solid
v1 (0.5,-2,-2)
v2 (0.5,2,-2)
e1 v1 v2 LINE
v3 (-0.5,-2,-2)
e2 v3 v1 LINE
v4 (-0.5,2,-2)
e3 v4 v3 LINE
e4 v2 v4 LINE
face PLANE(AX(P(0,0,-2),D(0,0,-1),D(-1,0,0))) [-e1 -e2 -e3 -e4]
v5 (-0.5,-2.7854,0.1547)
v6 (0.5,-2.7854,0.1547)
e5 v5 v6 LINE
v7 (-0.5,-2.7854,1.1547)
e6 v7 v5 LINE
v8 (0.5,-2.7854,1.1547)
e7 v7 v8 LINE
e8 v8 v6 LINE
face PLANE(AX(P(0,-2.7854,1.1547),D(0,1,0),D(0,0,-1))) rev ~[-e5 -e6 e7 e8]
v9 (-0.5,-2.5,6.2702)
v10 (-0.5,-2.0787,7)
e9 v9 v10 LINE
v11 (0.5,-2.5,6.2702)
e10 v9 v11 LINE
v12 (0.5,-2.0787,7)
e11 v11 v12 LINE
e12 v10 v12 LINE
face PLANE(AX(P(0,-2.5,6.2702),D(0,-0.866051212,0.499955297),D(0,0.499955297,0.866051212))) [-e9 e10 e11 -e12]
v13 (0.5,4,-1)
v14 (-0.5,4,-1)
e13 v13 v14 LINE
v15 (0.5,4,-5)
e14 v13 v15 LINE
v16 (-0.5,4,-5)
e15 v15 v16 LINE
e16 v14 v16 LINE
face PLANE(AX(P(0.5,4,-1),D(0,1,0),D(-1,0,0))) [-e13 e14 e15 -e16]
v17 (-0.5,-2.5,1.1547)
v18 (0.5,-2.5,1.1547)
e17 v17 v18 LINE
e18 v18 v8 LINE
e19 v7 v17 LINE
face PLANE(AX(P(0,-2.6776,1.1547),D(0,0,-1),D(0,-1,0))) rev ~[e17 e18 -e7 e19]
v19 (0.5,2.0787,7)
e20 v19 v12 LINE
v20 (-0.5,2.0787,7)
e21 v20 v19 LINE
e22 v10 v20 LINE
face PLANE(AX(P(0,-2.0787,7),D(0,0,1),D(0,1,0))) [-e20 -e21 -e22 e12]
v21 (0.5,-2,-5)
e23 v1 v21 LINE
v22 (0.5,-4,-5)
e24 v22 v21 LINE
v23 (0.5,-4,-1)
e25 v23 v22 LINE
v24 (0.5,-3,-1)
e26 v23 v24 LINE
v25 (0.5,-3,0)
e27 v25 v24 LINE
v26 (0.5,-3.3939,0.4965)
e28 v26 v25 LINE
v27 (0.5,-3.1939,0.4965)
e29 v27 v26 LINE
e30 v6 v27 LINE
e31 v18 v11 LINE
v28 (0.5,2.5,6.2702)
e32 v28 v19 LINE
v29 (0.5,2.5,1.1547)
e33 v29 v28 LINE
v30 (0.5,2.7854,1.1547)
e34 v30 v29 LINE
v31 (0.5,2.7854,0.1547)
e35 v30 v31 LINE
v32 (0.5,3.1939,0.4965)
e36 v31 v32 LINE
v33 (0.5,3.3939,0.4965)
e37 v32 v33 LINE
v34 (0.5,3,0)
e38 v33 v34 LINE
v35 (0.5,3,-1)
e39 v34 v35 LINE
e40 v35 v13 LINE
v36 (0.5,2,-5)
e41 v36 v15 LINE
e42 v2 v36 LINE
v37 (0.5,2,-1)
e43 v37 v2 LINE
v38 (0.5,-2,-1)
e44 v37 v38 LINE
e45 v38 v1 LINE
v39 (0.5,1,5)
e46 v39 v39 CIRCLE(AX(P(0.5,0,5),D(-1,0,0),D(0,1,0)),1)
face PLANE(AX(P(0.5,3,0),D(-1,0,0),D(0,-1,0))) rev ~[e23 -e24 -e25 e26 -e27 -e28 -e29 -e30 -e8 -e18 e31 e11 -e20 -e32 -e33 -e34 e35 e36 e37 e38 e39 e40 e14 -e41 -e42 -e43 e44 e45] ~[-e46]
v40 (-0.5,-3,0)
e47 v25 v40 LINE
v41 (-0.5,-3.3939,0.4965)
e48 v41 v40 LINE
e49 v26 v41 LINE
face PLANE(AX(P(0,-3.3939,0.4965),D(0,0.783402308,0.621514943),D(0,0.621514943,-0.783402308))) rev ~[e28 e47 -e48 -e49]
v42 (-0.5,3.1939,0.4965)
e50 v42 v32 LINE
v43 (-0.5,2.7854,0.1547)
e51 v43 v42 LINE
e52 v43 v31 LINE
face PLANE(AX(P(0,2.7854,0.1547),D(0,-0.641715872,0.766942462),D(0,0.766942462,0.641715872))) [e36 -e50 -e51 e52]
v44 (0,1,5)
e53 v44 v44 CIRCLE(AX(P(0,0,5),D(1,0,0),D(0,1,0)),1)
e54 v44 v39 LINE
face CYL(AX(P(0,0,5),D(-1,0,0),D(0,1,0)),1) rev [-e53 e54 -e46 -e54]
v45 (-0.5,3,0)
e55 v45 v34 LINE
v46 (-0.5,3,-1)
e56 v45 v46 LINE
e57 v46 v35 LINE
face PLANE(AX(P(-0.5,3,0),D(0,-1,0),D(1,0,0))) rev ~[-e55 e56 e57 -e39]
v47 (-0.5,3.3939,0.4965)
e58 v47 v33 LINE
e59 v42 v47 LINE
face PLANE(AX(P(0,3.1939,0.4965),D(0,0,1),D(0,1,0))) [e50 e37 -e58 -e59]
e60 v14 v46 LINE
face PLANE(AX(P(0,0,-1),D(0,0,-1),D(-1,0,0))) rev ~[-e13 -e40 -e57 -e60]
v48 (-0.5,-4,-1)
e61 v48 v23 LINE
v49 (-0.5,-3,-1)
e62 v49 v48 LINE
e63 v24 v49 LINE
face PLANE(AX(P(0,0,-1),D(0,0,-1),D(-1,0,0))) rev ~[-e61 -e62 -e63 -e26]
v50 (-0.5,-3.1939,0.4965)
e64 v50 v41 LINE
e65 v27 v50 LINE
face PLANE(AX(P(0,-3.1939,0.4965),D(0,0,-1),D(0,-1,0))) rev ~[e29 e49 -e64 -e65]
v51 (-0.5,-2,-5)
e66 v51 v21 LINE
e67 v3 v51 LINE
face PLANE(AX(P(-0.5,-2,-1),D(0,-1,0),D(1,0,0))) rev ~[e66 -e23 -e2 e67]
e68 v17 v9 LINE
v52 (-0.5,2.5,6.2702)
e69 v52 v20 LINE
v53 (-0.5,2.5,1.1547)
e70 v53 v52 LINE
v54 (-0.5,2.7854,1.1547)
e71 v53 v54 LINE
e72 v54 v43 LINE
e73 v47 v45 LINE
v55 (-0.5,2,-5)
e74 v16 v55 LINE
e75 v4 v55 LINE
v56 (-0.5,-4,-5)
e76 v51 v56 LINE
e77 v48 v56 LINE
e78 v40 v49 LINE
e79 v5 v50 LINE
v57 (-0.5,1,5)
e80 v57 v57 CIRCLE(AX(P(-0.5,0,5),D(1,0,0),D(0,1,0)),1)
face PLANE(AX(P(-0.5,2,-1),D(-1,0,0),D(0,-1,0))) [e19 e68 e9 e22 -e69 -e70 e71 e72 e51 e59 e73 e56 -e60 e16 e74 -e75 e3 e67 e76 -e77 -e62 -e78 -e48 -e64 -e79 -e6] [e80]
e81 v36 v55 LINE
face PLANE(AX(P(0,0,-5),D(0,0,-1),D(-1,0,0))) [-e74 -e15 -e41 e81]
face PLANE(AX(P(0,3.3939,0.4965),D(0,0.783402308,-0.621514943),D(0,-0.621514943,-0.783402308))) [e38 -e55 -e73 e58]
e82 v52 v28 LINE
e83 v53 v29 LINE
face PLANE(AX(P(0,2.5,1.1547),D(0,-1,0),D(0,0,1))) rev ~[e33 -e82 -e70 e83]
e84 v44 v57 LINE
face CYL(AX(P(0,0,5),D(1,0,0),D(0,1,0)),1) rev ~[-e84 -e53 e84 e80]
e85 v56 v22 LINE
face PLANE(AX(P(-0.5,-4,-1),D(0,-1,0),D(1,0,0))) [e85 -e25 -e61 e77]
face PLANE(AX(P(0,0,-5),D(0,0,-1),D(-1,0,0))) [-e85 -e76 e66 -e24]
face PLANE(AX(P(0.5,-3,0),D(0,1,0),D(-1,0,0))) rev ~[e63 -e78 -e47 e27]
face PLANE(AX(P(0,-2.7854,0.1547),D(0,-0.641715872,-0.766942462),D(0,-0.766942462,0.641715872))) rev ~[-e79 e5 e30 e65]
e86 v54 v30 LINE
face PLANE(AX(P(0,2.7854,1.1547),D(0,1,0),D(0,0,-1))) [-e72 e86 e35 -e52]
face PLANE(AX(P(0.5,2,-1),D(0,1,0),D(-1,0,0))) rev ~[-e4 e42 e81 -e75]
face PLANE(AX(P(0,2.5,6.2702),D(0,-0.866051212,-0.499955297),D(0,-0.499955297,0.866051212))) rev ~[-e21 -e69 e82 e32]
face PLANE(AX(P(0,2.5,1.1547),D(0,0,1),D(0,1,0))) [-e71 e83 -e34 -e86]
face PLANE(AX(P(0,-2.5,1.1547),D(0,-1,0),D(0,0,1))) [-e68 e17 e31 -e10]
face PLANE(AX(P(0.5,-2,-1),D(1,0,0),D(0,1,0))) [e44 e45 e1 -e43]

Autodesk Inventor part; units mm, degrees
ref_plane "YZ Plane" through (0, 0, 0) normal (1, 0, 0) x (0, 1, 0)
ref_plane "XZ Plane" through (0, 0, 0) normal (0, 1, 0) x (-1, 0, 0)
ref_plane "XY Plane" through (0, 0, 0) normal (0, 0, 1) x (1, 0, 0)
sketch "Boceto1" plane through (0, 0, 0) normal (0, 0, 1) x (1, 0, 0)
  line L0 (0.5, -3) -> (-0.5, -3)
  line L1 (-0.5, -3) -> (-0.5, 3)
  line L2 (-0.5, 3) -> (0.5, 3)
  line L3 (0.5, 3) -> (0.5, -3)
  line L4 (0.5, -3) -> (-0.5, 3) construction
  line L5 (-0.5, -3) -> (0.5, 3) construction
  point P0 (0, 0)
  dimension "d0" = 1
  dimension "d1" = 6
sketch "Boceto2" plane through (0, 0, 0) normal (1, 0, 0) x (0, 1, 0)
  line L0 (0, 0) -> (0, 7)
  line L1 (2.5, 1.1547) -> (2.5, 6.2702)
  line L2 (2.5, 6.2702) -> (2.0787, 7)
  line L3 (2.0787, 7) -> (0, 7)
  line L4 (2.5, 1.1547) -> (2.6776, 1.1547)
  line L5 (2.6776, 1.1547) -> (2.7854, 1.1547)
  line L6 (2.7854, 1.1547) -> (2.7854, 0.1547)
  line L7 (2.7854, 0.1547) -> (3.1939, 0.4965)
  line L8 (3.1939, 0.4965) -> (3.3939, 0.4965)
  line L9 (3.3939, 0.4965) -> (3, 0)
  line L10 (-2.5, 1.1547) -> (-2.5, 6.2702)
  line L11 (-2.5, 6.2702) -> (-2.0787, 7)
  line L12 (-2.0787, 7) -> (0, 7)
  line L13 (-2.5, 1.1547) -> (-2.6776, 1.1547)
  line L14 (-2.6776, 1.1547) -> (-2.7854, 1.1547)
  line L15 (-2.7854, 1.1547) -> (-2.7854, 0.1547)
  line L16 (-2.7854, 0.1547) -> (-3.1939, 0.4965)
  line L17 (-3.1939, 0.4965) -> (-3.3939, 0.4965)
  line L18 (-3.3939, 0.4965) -> (-3, 0)
  line L19 (3, 0) -> (-3, 0)
  circle A0 centre (0, 5) radius 1
  dimension "d2" = 7
  dimension "d3" = 120
  dimension "d8" = 0.2
  dimension "d9" = 1
  dimension "d10" = 2
  dimension "d11" = 2
extrude "Extrusión1" add sketch "Boceto2" along normal mid plane 1 contours L19 L18 L17 L16 L15 L14 L13 L10 L11 L12 L0 A0 | L0 A0 L3 L2 L1 L4 L5 L6 L7 L8 L9 L19
extrude "Extrusión2" add sketch "Boceto1" against normal blind 1
sketch "Boceto3" plane through (0, 0, -1) normal (0, 0, -1) x (-1, 0, 0)
  line L0 (-0.5, 4) -> (0.5, 4)
  line L1 (0.5, 4) -> (0.5, -4)
  line L2 (0.5, -4) -> (-0.5, -4)
  line L3 (-0.5, -4) -> (-0.5, 4)
  line L4 (-0.5, 4) -> (0.5, -4) construction
  line L5 (0.5, 4) -> (-0.5, -4) construction
  line L6 (-0.5, 2) -> (0.5, 2)
  line L7 (0.5, 2) -> (0.5, -2)
  line L8 (0.5, -2) -> (-0.5, -2)
  line L9 (-0.5, -2) -> (-0.5, 2)
  line L10 (-0.5, 2) -> (0.5, -2) construction
  line L11 (0.5, 2) -> (-0.5, -2) construction
  point P0 (0, 0)
  dimension "d16" = 8
  dimension "d17" = 4
extrude "Extrusión3" add sketch "Boceto3" along normal blind 4 contours L0 L1 L6 L3 | L8 L1 L2 L3
sketch "Boceto4" plane through (0, 0, -1) normal (0, 0, -1) x (-1, 0, 0)
  line L0 (-0.5, 2) -> (0.5, 2)
  line L1 (0.5, 2) -> (0.5, -2)
  line L2 (0.5, -2) -> (-0.5, -2)
  line L3 (-0.5, -2) -> (-0.5, 2)
  line L4 (-0.5, 2) -> (0.5, -2) construction
  line L5 (0.5, 2) -> (-0.5, -2) construction
  point P0 (0, 0)
  dimension "d20" = 1
  dimension "d21" = 4
extrude "Extrusión4" add sketch "Boceto4" along normal blind 1
properties part number "Polo2"
